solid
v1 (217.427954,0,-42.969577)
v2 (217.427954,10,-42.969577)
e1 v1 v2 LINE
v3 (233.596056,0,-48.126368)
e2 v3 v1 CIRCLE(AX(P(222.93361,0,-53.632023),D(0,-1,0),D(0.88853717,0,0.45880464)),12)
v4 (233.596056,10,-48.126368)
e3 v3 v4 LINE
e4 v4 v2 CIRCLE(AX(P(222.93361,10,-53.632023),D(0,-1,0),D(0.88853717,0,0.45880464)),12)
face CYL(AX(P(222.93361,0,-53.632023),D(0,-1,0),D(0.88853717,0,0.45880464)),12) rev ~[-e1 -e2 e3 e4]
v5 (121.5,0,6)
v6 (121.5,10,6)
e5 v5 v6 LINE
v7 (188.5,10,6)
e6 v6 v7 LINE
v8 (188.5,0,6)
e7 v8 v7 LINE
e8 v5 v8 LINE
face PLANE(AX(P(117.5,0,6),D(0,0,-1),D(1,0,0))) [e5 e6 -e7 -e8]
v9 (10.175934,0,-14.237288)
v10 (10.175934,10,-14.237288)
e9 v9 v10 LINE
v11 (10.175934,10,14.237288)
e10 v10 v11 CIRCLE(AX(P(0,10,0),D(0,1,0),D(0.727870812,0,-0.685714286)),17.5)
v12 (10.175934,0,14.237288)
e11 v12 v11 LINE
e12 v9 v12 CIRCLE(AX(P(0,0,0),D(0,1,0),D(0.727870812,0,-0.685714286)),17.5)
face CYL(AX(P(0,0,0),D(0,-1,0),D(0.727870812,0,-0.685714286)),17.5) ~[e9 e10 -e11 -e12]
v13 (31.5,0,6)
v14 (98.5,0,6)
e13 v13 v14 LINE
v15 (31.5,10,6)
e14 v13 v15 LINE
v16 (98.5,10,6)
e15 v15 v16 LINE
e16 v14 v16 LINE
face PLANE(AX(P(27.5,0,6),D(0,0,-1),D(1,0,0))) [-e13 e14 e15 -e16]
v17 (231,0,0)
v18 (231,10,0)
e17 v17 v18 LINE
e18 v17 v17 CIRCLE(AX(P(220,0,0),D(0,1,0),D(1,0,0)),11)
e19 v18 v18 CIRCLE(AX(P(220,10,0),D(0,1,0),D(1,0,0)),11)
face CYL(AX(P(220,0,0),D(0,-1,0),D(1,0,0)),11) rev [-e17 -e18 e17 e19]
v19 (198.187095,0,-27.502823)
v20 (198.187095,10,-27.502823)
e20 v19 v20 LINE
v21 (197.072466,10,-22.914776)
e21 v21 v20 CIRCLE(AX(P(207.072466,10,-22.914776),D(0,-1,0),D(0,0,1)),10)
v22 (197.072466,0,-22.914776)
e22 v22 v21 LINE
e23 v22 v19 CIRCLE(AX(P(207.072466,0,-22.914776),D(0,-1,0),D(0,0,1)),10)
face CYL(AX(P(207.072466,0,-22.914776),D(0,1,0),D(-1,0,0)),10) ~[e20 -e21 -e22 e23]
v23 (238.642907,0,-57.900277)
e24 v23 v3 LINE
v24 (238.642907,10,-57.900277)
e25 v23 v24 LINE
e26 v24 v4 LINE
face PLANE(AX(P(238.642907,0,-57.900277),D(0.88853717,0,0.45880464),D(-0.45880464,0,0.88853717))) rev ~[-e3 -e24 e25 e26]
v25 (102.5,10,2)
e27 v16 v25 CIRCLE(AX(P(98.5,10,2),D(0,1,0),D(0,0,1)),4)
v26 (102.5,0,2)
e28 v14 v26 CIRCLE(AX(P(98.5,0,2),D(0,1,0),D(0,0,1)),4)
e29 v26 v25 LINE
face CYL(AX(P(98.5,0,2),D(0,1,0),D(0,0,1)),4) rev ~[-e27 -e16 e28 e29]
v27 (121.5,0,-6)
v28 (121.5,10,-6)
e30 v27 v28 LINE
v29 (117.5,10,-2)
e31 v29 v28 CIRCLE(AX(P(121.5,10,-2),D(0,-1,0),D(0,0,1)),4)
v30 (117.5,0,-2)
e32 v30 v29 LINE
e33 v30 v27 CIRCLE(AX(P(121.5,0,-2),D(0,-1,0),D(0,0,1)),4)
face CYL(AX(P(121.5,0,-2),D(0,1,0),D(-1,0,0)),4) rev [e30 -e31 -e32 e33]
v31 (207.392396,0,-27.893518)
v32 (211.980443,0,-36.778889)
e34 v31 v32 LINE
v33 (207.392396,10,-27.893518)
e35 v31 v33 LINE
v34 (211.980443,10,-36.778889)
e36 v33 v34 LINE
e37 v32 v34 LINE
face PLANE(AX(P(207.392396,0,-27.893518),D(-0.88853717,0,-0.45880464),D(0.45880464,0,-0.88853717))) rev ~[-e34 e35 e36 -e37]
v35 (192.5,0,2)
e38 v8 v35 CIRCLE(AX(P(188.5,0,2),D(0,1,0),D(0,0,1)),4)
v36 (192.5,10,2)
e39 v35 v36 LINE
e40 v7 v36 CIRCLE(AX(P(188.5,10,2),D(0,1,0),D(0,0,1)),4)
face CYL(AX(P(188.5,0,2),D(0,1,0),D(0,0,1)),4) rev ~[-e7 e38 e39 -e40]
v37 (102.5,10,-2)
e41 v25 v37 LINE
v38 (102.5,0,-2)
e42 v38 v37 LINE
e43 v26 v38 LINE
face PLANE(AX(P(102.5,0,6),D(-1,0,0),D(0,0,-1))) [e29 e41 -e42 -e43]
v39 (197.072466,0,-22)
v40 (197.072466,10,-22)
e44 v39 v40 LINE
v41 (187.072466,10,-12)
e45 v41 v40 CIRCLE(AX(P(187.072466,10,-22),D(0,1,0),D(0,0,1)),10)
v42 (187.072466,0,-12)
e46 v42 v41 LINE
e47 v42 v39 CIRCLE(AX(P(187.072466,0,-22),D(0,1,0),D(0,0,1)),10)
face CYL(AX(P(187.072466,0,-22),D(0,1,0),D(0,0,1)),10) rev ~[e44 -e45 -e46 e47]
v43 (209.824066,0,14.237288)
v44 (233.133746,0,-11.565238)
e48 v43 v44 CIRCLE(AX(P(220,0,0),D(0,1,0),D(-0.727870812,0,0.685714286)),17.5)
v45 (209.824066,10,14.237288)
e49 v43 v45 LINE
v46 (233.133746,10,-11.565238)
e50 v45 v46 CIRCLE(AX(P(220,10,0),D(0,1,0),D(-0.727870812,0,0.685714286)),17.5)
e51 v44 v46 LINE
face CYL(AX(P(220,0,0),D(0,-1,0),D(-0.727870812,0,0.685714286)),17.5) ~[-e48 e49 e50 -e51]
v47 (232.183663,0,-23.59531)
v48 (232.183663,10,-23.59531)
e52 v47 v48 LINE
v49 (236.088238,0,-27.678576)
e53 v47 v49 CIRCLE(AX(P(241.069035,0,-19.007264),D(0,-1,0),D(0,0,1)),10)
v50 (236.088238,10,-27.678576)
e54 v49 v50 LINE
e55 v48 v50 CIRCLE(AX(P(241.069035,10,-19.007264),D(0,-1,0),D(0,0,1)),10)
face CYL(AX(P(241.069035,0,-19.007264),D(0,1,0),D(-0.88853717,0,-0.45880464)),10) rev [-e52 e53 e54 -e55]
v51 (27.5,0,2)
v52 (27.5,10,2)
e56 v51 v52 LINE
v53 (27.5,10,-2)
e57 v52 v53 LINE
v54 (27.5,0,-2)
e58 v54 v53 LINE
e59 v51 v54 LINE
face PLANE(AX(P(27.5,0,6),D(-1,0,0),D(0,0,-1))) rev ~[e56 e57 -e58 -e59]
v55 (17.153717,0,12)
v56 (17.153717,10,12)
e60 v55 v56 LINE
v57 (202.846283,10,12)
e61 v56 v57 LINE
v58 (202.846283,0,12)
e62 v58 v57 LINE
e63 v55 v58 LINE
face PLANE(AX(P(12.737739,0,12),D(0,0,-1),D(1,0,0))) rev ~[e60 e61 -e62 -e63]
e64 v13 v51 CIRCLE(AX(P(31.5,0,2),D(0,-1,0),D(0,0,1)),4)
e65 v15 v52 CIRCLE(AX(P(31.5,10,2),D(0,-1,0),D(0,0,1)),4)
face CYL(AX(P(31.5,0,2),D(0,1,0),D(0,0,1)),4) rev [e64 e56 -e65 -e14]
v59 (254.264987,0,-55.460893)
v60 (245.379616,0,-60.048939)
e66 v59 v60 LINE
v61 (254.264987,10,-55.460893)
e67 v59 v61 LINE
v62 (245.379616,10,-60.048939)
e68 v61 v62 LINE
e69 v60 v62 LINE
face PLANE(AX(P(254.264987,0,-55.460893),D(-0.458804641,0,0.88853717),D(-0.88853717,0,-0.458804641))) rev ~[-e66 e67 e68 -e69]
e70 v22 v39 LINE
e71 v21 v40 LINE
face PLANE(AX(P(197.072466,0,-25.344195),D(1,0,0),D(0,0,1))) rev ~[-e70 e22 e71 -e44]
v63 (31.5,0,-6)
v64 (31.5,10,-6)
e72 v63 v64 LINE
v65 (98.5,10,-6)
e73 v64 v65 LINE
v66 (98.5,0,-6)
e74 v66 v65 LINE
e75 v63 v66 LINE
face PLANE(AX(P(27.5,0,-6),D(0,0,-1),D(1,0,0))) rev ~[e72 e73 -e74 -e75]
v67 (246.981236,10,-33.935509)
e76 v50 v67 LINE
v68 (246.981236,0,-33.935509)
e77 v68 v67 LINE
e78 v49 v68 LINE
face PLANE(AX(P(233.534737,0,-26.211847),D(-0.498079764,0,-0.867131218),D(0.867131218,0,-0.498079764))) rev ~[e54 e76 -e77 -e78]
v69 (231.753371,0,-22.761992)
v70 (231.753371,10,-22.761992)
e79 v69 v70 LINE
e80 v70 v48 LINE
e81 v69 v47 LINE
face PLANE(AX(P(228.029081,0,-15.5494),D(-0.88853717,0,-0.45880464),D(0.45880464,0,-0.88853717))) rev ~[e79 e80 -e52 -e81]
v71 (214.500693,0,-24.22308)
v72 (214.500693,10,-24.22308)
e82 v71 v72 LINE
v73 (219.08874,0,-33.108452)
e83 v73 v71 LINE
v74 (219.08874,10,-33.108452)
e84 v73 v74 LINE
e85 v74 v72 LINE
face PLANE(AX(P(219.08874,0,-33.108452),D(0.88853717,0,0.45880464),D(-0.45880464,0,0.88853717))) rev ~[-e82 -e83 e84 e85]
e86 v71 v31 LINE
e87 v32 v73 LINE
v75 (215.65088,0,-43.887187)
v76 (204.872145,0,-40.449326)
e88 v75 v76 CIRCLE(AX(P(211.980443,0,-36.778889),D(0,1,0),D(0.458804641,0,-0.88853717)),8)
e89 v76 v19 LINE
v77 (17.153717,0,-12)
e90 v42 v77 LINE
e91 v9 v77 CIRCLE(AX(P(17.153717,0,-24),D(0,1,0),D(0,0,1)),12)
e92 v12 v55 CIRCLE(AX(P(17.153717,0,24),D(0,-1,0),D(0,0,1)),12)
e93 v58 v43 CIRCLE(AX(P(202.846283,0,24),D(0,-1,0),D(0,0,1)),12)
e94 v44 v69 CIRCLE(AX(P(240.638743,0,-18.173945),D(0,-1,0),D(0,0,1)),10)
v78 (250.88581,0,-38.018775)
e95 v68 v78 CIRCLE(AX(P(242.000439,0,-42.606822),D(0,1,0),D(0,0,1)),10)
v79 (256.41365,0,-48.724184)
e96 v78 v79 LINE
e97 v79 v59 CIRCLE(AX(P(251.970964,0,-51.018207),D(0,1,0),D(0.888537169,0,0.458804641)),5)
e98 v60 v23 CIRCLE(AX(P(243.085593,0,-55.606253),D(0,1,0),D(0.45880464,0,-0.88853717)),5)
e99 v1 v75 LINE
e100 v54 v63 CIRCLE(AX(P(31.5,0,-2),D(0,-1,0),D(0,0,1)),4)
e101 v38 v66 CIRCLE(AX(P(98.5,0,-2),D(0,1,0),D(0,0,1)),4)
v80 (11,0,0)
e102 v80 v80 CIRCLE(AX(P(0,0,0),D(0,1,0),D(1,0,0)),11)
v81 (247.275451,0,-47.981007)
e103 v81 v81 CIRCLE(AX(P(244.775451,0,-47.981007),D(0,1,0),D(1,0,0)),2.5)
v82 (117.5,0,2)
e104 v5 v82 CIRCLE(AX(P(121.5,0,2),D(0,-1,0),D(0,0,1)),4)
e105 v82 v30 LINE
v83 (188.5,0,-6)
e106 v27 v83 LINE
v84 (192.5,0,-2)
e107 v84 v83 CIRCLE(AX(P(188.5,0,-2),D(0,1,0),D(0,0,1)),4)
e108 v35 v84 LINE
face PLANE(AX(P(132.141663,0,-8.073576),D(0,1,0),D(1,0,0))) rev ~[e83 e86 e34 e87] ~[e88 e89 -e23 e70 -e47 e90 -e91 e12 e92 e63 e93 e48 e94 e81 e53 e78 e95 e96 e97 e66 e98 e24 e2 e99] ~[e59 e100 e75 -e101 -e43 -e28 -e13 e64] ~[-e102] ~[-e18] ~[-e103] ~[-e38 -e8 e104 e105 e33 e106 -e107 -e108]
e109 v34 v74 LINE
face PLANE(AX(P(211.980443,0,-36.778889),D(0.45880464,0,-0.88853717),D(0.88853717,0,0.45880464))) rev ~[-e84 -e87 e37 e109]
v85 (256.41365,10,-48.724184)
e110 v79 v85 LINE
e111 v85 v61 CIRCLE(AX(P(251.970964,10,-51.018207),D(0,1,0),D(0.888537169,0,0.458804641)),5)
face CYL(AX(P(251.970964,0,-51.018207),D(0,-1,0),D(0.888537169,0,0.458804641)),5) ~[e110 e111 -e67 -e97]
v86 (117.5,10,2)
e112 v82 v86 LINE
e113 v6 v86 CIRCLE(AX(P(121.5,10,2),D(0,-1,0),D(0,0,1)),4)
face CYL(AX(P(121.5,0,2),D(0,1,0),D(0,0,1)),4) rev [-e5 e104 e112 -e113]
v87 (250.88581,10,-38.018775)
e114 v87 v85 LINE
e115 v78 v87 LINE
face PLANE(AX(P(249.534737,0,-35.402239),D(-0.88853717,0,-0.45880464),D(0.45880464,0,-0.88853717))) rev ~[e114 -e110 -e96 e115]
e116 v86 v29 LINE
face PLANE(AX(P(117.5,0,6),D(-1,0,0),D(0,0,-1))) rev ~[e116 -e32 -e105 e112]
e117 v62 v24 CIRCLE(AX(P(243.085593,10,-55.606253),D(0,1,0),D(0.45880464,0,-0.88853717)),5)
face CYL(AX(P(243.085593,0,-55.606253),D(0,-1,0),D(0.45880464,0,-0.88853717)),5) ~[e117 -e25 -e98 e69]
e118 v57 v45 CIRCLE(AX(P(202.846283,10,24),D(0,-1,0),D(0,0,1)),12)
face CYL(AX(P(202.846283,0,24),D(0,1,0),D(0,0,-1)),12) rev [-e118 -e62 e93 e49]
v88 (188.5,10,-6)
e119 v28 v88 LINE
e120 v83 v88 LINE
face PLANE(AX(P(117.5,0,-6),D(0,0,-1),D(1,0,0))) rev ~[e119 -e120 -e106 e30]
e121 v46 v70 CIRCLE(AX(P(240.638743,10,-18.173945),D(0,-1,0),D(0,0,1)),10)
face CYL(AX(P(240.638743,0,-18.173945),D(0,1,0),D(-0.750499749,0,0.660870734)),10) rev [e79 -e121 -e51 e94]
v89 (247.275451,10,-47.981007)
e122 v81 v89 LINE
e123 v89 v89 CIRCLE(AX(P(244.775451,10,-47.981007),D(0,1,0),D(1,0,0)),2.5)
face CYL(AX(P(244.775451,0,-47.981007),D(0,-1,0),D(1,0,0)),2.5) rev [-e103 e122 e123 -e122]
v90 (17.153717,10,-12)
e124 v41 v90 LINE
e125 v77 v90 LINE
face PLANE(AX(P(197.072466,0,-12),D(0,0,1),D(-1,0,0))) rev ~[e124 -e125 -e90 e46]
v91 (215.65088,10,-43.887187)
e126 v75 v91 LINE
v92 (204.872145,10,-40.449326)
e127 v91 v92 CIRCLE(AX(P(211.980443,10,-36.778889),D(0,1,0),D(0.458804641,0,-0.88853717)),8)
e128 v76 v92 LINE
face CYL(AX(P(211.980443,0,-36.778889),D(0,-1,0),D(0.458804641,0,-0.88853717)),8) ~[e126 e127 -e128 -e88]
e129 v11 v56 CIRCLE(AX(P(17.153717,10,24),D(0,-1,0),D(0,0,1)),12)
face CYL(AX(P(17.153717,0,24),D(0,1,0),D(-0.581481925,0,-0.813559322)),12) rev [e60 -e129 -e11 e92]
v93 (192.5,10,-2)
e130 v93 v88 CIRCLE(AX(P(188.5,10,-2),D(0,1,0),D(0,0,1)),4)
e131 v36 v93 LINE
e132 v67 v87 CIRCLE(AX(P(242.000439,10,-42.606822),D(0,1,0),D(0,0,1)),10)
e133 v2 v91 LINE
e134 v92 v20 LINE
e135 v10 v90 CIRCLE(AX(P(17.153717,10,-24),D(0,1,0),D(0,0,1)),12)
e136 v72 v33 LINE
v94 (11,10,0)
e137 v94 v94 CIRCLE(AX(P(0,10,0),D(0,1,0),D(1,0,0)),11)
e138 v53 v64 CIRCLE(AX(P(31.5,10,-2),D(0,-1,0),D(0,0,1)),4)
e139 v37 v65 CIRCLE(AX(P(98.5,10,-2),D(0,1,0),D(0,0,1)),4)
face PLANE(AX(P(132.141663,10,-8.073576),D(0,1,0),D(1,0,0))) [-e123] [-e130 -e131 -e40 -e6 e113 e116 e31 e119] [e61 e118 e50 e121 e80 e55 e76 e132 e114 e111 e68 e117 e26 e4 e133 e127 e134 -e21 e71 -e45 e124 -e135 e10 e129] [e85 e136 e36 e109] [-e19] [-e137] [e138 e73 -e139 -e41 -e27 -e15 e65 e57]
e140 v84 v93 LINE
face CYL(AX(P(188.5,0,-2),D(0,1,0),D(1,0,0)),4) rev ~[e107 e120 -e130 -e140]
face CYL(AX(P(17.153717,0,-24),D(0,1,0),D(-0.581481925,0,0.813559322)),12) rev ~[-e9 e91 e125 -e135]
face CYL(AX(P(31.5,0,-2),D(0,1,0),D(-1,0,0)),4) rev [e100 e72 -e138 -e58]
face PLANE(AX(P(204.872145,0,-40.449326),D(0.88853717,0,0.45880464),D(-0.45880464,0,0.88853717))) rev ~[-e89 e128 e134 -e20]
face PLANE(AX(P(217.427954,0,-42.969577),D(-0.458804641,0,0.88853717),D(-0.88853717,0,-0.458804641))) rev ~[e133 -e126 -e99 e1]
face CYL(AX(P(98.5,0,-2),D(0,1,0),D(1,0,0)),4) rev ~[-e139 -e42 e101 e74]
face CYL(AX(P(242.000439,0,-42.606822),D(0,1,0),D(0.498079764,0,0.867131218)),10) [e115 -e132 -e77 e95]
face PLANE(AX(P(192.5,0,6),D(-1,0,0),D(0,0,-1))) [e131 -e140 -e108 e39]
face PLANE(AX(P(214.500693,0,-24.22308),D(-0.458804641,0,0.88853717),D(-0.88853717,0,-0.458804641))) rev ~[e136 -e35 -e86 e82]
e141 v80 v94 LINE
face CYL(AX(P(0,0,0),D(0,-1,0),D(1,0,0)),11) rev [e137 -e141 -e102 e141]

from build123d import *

# Parameters (mm, degrees)
SKETCH1_W           = 75
SKETCH1_H           = 12
SKETCH1_R           = 11
SKETCH1_R_2         = 2.5
BOSS_EXTRUDE1_DEPTH = 10
FILLET1_R           = 4
FILLET2_R           = 12
FILLET3_R           = 10


with BuildPart() as part:
    # Sketch1 → Boss-Extrude1 (new body)
    with BuildSketch(Plane(origin=(0, 0, 0), x_dir=(1, 0, 0), z_dir=(0, 1, 0))):
        with BuildLine():
            ThreePointArc((12.737739203, 12), (-17.5, 0), (12.737739203, -12))
            Line((12.737739203, -12), (207.262260797, -12))
            ThreePointArc((207.262260797, -12), (233.974449241, -10.533981603), (228.029081208, 15.549400469))
            Line((228.029081208, 15.549400469), (233.534736894, 26.211846505))
            Line((233.534736894, 26.211846505), (249.534736894, 35.402238979))
            Line((249.534736894, 35.402238979), (256.413650124, 48.724183776))
            ThreePointArc((256.413650124, 48.724183776), (256.734536929, 52.537540906), (254.264987478, 55.460892826))
            Line((254.264987478, 55.460892826), (245.379615782, 60.048939231))
            ThreePointArc((245.379615782, 60.048939231), (241.566258652, 60.369826035), (238.642906731, 57.900276585))
            Line((238.642906731, 57.900276585), (233.596055686, 48.126367719))
            ThreePointArc((233.596055686, 48.126367719), (226.580011076, 42.199449038), (217.427953964, 42.969577368))
            Line((217.427953964, 42.969577368), (215.650879625, 43.887186649))
            ThreePointArc((215.650879625, 43.887186649), (209.549508217, 44.400605536), (204.872145144, 40.449326415))
            Line((204.872145144, 40.449326415), (197.072466256, 25.344194531))
            Line((197.072466256, 25.344194531), (197.072466256, 12))
            Line((197.072466256, 12), (12.737739203, 12))
        make_face()
        with Locations((65, 0)):
            Rectangle(SKETCH1_W, SKETCH1_H, mode=Mode.SUBTRACT)
        with Locations((155, 0)):
            Rectangle(SKETCH1_W, SKETCH1_H, mode=Mode.SUBTRACT)
        Circle(SKETCH1_R, mode=Mode.SUBTRACT)
        with Locations((244.775450585, 47.981007162)):
            Circle(SKETCH1_R_2, mode=Mode.SUBTRACT)
        Polygon((207.392396097, 27.893517595), (211.980442501, 36.778889292), (219.088739859, 33.108452168), (214.500693454, 24.223080471), align=None, mode=Mode.SUBTRACT)
        with Locations((220, 0)):
            Circle(SKETCH1_R, mode=Mode.SUBTRACT)
    extrude(amount=BOSS_EXTRUDE1_DEPTH)

    # Fillet1
    fillet1_edges = [part.edges().sort_by_distance(p)[0] for p in [
        (27.5, 5, -6),
        (27.5, 5, 6),
        (102.5, 5, 6),
        (102.5, 5, -6),
        (117.5, 5, -6),
        (117.5, 5, 6),
        (192.5, 5, 6),
        (192.5, 5, -6),
    ]]
    fillet(fillet1_edges, radius=FILLET1_R)

    # Fillet2
    fillet2_edges = [part.edges().sort_by_distance(p)[0] for p in [
        (12.737739203, 5, 12),
        (12.737739203, 5, -12),
        (207.262260797, 5, 12),
    ]]
    fillet(fillet2_edges, radius=FILLET2_R)

    # Fillet3
    fillet3_edges = [part.edges().sort_by_distance(p)[0] for p in [
        (197.072466256, 5, -12),
        (197.072466256, 5, -25.344194531),
        (249.534736894, 5, -35.402238979),
        (233.534736894, 5, -26.211846505),
        (228.029081208, 5, -15.549400469),
    ]]
    fillet(fillet3_edges, radius=FILLET3_R)


solid = part.part
